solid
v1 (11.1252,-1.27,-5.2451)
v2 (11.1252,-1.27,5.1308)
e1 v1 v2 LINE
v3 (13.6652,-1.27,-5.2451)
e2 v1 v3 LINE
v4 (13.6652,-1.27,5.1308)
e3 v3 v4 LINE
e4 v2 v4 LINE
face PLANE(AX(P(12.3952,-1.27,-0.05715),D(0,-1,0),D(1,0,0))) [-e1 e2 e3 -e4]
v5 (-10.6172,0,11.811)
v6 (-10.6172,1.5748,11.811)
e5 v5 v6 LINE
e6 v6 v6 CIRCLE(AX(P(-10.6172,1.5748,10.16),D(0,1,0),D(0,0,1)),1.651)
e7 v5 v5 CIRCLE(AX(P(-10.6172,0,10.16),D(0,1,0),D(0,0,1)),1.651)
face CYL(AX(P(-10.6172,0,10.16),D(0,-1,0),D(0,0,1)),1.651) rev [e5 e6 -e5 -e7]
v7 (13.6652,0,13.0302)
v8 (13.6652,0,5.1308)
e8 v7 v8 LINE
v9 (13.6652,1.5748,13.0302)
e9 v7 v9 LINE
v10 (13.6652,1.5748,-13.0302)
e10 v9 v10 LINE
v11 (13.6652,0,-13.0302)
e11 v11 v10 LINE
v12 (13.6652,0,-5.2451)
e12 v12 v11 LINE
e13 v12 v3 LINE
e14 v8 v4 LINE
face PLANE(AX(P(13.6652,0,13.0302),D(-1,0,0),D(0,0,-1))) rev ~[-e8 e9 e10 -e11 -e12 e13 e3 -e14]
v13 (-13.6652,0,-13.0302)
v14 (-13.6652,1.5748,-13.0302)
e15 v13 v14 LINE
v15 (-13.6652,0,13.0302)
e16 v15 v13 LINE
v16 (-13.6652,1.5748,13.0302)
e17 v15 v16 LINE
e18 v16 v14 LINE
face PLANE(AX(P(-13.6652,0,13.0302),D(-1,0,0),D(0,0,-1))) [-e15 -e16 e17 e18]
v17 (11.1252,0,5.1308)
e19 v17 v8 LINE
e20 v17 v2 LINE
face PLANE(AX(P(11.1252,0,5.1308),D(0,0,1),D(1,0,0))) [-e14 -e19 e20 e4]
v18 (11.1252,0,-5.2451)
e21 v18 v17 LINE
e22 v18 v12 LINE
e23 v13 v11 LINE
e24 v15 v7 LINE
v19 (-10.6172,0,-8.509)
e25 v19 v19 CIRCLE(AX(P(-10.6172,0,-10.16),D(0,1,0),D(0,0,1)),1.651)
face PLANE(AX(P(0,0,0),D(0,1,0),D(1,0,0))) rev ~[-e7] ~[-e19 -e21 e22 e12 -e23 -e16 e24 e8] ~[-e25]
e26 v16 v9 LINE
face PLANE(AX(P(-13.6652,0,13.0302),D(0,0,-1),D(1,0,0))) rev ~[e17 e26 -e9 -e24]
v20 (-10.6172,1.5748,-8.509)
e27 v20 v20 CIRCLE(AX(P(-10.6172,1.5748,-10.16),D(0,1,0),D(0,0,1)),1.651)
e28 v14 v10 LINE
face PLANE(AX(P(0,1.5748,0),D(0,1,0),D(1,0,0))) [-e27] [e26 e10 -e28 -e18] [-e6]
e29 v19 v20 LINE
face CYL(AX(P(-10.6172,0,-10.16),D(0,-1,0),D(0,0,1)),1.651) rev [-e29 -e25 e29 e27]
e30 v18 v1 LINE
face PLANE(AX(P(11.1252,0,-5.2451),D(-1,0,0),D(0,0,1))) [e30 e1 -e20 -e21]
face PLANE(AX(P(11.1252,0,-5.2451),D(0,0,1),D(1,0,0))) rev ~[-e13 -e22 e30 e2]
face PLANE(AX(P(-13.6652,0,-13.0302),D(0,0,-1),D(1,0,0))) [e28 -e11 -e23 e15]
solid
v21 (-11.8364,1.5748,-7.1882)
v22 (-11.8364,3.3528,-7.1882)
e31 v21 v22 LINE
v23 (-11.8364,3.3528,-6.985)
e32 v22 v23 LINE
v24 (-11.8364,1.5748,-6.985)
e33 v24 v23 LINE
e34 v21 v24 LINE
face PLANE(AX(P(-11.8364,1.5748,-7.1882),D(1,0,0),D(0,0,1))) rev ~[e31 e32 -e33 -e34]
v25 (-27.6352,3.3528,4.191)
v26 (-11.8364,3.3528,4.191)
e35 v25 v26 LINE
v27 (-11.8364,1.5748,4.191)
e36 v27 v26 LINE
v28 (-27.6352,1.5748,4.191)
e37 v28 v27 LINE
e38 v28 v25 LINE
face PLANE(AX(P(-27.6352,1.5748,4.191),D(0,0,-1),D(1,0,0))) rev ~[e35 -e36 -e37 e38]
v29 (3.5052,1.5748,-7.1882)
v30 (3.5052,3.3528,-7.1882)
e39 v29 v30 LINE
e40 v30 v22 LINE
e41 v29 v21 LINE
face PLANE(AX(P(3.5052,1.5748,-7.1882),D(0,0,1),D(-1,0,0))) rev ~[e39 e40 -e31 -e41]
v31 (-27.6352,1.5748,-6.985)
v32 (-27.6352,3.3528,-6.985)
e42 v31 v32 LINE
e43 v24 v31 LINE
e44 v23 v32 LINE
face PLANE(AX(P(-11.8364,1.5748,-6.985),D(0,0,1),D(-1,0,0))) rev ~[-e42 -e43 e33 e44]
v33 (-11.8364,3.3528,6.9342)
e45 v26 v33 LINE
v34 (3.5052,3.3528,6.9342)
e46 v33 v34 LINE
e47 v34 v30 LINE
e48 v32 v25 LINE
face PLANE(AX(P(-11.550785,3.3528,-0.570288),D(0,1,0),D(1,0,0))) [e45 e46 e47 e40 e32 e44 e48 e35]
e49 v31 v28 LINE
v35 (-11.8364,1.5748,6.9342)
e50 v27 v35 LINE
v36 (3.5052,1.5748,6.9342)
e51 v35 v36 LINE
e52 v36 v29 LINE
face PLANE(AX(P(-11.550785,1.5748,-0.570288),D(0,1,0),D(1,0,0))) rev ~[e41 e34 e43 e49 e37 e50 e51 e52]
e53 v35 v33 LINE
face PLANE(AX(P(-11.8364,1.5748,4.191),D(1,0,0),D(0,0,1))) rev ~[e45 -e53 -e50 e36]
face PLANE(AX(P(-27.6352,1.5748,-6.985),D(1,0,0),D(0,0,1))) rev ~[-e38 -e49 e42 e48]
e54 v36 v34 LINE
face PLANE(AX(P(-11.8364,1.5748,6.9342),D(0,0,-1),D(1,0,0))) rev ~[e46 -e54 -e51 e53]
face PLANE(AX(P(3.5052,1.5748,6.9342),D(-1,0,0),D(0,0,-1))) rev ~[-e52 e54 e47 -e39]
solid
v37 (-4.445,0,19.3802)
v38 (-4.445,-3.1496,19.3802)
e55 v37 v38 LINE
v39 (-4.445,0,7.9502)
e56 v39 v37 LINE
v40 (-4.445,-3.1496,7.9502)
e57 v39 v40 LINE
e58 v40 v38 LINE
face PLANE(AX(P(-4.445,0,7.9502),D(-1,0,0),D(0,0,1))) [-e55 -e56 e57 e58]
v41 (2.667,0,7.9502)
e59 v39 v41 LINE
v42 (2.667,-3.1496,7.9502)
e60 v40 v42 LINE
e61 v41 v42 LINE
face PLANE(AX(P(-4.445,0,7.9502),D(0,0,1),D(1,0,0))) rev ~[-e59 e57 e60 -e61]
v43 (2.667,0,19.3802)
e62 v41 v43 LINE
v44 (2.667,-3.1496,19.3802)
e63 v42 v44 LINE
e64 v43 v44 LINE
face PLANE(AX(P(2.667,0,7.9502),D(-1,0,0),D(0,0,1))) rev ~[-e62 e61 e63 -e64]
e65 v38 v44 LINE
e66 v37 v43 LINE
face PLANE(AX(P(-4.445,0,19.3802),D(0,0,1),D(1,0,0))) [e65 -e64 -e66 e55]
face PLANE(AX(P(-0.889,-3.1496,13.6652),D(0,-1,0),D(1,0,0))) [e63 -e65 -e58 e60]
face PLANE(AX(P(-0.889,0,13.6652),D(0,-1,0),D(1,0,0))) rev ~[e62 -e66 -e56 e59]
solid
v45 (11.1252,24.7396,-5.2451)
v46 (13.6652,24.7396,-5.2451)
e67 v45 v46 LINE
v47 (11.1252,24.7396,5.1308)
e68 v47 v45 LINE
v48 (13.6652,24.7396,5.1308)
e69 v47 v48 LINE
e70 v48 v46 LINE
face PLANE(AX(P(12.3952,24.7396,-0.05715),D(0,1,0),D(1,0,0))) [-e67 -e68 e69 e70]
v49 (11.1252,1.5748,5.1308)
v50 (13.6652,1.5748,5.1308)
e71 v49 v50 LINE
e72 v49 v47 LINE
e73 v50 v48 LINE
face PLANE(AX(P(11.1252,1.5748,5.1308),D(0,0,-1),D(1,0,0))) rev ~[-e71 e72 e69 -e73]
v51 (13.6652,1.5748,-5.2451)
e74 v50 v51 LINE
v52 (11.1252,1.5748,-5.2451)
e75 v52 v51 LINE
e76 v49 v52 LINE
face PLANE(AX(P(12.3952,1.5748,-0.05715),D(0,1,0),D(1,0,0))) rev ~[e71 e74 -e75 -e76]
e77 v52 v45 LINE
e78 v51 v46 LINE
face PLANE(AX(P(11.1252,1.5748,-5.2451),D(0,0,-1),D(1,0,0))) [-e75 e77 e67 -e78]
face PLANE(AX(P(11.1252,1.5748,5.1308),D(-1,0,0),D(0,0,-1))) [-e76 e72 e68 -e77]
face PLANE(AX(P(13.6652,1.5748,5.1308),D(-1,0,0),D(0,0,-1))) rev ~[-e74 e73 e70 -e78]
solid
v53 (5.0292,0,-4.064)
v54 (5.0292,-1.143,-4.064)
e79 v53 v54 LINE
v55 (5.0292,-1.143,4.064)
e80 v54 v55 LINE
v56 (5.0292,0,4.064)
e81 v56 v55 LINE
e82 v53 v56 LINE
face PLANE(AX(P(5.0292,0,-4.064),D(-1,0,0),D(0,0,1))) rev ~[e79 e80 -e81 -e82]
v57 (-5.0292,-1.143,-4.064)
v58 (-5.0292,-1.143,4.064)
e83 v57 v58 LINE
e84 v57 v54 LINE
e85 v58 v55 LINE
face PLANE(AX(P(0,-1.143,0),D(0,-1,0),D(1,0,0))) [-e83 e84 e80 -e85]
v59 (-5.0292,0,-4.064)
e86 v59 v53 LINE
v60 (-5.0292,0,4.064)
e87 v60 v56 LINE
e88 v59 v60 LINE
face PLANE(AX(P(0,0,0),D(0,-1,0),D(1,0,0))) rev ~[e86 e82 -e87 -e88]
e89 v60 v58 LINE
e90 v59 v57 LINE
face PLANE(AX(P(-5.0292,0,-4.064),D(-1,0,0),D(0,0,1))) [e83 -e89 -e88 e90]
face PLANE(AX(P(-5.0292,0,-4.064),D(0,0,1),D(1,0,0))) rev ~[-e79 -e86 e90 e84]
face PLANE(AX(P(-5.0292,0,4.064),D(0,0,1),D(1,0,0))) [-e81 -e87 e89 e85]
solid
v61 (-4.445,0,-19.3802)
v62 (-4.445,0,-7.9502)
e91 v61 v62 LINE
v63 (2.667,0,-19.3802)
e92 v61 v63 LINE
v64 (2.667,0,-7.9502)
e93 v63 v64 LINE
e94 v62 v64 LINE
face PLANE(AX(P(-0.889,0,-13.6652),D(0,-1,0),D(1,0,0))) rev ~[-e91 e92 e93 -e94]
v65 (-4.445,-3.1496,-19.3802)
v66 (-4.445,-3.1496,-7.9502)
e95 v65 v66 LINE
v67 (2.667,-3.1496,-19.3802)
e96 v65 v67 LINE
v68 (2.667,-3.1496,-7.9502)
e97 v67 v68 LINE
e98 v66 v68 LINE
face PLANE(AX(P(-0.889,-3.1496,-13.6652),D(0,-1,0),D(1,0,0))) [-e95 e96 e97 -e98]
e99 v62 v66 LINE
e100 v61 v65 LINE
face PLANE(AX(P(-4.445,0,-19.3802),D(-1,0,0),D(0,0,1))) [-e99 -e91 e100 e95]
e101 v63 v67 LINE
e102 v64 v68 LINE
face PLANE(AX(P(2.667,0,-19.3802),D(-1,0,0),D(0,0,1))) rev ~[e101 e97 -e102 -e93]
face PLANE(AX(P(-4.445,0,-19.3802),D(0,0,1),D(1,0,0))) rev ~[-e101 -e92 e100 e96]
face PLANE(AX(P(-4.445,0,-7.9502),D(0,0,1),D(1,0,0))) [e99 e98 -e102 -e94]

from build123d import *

# Parameters (mm, degrees)
SKETCH1_W             = 27.3304
SKETCH1_H             = 26.0604
SKETCH1_R             = 1.651
BOSS_EXTRUDE1_DEPTH   = 1.5748
BOSS_EXTRUDE2_DEPTH   = 1.778
SKETCH3_W             = 2.54
SKETCH3_H             = 10.3759
BOSS_EXTRUDE3_DEPTH   = 23.1648
SKETCH4_W             = 7.112
SKETCH4_H             = 11.43
BOSS_EXTRUDE4_DEPTH   = 3.1496
BOSS_EXTRUDE4_2_DEPTH = 3.1496
SKETCH5_W             = 2.54
SKETCH5_H             = 10.3759
BOSS_EXTRUDE5_DEPTH   = 1.27
SKETCH6_W             = 10.0584
SKETCH6_H             = 8.128
BOSS_EXTRUDE6_DEPTH   = 1.143


with BuildPart() as part:
    # Sketch1 → Boss-Extrude1 (new body)
    with BuildSketch(Plane(origin=(0, 0, 0), x_dir=(1, 0, 0), z_dir=(0, 1, 0))):
        Rectangle(SKETCH1_W, SKETCH1_H)
        with Locations(Location((-10.6172, 10.16, 0), (0, 0, 270))):
            Circle(SKETCH1_R, mode=Mode.SUBTRACT)
        with Locations(Location((-10.6172, -10.16, 0), (0, 0, 270))):
            Circle(SKETCH1_R, mode=Mode.SUBTRACT)
    extrude(amount=BOSS_EXTRUDE1_DEPTH)

    # Sketch5 → Boss-Extrude5 (add)
    with BuildSketch(Plane.XZ):
        with Locations((12.3952, -0.05715)):
            Rectangle(SKETCH5_W, SKETCH5_H)
    extrude(amount=BOSS_EXTRUDE5_DEPTH)


with BuildPart() as body_2:
    # Sketch2 → Boss-Extrude2 (new body)
    with BuildSketch(Plane(origin=(0, 1.5748, 0), x_dir=(1, 0, 0), z_dir=(0, 1, 0))):
        Polygon((-11.8364, 6.985), (-27.6352, 6.985), (-27.6352, -4.191), (-11.8364, -4.191), (-11.8364, -6.9342), (3.5052, -6.9342), (3.5052, 7.1882), (-11.8364, 7.1882), align=None)
    extrude(amount=BOSS_EXTRUDE2_DEPTH)


with BuildPart() as body_3:
    # Sketch3 → Boss-Extrude3 (new body)
    with BuildSketch(Plane(origin=(0, 1.5748, 0), x_dir=(1, 0, 0), z_dir=(0, 1, 0))):
        with Locations((12.3952, 0.05715)):
            Rectangle(SKETCH3_W, SKETCH3_H)
    extrude(amount=BOSS_EXTRUDE3_DEPTH)


with BuildPart() as body_4:
    # Sketch4 → Boss-Extrude4 (new body)
    with BuildSketch(Plane.XZ):
        with Locations((-0.889, 13.6652)):
            Rectangle(SKETCH4_W, SKETCH4_H)
    extrude(amount=BOSS_EXTRUDE4_DEPTH)


with BuildPart() as body_5:
    # Sketch4 → Boss-Extrude4 2 (new body)
    with BuildSketch(Plane.XZ):
        with Locations((-0.889, -13.6652)):
            Rectangle(SKETCH4_W, SKETCH4_H)
    extrude(amount=BOSS_EXTRUDE4_2_DEPTH)


with BuildPart() as body_6:
    # Sketch6 → Boss-Extrude6 (new body)
    with BuildSketch(Plane.XZ):
        Rectangle(SKETCH6_W, SKETCH6_H)
    extrude(amount=BOSS_EXTRUDE6_DEPTH)


solid = Compound([part.part, body_2.part, body_3.part, body_4.part, body_5.part, body_6.part])
